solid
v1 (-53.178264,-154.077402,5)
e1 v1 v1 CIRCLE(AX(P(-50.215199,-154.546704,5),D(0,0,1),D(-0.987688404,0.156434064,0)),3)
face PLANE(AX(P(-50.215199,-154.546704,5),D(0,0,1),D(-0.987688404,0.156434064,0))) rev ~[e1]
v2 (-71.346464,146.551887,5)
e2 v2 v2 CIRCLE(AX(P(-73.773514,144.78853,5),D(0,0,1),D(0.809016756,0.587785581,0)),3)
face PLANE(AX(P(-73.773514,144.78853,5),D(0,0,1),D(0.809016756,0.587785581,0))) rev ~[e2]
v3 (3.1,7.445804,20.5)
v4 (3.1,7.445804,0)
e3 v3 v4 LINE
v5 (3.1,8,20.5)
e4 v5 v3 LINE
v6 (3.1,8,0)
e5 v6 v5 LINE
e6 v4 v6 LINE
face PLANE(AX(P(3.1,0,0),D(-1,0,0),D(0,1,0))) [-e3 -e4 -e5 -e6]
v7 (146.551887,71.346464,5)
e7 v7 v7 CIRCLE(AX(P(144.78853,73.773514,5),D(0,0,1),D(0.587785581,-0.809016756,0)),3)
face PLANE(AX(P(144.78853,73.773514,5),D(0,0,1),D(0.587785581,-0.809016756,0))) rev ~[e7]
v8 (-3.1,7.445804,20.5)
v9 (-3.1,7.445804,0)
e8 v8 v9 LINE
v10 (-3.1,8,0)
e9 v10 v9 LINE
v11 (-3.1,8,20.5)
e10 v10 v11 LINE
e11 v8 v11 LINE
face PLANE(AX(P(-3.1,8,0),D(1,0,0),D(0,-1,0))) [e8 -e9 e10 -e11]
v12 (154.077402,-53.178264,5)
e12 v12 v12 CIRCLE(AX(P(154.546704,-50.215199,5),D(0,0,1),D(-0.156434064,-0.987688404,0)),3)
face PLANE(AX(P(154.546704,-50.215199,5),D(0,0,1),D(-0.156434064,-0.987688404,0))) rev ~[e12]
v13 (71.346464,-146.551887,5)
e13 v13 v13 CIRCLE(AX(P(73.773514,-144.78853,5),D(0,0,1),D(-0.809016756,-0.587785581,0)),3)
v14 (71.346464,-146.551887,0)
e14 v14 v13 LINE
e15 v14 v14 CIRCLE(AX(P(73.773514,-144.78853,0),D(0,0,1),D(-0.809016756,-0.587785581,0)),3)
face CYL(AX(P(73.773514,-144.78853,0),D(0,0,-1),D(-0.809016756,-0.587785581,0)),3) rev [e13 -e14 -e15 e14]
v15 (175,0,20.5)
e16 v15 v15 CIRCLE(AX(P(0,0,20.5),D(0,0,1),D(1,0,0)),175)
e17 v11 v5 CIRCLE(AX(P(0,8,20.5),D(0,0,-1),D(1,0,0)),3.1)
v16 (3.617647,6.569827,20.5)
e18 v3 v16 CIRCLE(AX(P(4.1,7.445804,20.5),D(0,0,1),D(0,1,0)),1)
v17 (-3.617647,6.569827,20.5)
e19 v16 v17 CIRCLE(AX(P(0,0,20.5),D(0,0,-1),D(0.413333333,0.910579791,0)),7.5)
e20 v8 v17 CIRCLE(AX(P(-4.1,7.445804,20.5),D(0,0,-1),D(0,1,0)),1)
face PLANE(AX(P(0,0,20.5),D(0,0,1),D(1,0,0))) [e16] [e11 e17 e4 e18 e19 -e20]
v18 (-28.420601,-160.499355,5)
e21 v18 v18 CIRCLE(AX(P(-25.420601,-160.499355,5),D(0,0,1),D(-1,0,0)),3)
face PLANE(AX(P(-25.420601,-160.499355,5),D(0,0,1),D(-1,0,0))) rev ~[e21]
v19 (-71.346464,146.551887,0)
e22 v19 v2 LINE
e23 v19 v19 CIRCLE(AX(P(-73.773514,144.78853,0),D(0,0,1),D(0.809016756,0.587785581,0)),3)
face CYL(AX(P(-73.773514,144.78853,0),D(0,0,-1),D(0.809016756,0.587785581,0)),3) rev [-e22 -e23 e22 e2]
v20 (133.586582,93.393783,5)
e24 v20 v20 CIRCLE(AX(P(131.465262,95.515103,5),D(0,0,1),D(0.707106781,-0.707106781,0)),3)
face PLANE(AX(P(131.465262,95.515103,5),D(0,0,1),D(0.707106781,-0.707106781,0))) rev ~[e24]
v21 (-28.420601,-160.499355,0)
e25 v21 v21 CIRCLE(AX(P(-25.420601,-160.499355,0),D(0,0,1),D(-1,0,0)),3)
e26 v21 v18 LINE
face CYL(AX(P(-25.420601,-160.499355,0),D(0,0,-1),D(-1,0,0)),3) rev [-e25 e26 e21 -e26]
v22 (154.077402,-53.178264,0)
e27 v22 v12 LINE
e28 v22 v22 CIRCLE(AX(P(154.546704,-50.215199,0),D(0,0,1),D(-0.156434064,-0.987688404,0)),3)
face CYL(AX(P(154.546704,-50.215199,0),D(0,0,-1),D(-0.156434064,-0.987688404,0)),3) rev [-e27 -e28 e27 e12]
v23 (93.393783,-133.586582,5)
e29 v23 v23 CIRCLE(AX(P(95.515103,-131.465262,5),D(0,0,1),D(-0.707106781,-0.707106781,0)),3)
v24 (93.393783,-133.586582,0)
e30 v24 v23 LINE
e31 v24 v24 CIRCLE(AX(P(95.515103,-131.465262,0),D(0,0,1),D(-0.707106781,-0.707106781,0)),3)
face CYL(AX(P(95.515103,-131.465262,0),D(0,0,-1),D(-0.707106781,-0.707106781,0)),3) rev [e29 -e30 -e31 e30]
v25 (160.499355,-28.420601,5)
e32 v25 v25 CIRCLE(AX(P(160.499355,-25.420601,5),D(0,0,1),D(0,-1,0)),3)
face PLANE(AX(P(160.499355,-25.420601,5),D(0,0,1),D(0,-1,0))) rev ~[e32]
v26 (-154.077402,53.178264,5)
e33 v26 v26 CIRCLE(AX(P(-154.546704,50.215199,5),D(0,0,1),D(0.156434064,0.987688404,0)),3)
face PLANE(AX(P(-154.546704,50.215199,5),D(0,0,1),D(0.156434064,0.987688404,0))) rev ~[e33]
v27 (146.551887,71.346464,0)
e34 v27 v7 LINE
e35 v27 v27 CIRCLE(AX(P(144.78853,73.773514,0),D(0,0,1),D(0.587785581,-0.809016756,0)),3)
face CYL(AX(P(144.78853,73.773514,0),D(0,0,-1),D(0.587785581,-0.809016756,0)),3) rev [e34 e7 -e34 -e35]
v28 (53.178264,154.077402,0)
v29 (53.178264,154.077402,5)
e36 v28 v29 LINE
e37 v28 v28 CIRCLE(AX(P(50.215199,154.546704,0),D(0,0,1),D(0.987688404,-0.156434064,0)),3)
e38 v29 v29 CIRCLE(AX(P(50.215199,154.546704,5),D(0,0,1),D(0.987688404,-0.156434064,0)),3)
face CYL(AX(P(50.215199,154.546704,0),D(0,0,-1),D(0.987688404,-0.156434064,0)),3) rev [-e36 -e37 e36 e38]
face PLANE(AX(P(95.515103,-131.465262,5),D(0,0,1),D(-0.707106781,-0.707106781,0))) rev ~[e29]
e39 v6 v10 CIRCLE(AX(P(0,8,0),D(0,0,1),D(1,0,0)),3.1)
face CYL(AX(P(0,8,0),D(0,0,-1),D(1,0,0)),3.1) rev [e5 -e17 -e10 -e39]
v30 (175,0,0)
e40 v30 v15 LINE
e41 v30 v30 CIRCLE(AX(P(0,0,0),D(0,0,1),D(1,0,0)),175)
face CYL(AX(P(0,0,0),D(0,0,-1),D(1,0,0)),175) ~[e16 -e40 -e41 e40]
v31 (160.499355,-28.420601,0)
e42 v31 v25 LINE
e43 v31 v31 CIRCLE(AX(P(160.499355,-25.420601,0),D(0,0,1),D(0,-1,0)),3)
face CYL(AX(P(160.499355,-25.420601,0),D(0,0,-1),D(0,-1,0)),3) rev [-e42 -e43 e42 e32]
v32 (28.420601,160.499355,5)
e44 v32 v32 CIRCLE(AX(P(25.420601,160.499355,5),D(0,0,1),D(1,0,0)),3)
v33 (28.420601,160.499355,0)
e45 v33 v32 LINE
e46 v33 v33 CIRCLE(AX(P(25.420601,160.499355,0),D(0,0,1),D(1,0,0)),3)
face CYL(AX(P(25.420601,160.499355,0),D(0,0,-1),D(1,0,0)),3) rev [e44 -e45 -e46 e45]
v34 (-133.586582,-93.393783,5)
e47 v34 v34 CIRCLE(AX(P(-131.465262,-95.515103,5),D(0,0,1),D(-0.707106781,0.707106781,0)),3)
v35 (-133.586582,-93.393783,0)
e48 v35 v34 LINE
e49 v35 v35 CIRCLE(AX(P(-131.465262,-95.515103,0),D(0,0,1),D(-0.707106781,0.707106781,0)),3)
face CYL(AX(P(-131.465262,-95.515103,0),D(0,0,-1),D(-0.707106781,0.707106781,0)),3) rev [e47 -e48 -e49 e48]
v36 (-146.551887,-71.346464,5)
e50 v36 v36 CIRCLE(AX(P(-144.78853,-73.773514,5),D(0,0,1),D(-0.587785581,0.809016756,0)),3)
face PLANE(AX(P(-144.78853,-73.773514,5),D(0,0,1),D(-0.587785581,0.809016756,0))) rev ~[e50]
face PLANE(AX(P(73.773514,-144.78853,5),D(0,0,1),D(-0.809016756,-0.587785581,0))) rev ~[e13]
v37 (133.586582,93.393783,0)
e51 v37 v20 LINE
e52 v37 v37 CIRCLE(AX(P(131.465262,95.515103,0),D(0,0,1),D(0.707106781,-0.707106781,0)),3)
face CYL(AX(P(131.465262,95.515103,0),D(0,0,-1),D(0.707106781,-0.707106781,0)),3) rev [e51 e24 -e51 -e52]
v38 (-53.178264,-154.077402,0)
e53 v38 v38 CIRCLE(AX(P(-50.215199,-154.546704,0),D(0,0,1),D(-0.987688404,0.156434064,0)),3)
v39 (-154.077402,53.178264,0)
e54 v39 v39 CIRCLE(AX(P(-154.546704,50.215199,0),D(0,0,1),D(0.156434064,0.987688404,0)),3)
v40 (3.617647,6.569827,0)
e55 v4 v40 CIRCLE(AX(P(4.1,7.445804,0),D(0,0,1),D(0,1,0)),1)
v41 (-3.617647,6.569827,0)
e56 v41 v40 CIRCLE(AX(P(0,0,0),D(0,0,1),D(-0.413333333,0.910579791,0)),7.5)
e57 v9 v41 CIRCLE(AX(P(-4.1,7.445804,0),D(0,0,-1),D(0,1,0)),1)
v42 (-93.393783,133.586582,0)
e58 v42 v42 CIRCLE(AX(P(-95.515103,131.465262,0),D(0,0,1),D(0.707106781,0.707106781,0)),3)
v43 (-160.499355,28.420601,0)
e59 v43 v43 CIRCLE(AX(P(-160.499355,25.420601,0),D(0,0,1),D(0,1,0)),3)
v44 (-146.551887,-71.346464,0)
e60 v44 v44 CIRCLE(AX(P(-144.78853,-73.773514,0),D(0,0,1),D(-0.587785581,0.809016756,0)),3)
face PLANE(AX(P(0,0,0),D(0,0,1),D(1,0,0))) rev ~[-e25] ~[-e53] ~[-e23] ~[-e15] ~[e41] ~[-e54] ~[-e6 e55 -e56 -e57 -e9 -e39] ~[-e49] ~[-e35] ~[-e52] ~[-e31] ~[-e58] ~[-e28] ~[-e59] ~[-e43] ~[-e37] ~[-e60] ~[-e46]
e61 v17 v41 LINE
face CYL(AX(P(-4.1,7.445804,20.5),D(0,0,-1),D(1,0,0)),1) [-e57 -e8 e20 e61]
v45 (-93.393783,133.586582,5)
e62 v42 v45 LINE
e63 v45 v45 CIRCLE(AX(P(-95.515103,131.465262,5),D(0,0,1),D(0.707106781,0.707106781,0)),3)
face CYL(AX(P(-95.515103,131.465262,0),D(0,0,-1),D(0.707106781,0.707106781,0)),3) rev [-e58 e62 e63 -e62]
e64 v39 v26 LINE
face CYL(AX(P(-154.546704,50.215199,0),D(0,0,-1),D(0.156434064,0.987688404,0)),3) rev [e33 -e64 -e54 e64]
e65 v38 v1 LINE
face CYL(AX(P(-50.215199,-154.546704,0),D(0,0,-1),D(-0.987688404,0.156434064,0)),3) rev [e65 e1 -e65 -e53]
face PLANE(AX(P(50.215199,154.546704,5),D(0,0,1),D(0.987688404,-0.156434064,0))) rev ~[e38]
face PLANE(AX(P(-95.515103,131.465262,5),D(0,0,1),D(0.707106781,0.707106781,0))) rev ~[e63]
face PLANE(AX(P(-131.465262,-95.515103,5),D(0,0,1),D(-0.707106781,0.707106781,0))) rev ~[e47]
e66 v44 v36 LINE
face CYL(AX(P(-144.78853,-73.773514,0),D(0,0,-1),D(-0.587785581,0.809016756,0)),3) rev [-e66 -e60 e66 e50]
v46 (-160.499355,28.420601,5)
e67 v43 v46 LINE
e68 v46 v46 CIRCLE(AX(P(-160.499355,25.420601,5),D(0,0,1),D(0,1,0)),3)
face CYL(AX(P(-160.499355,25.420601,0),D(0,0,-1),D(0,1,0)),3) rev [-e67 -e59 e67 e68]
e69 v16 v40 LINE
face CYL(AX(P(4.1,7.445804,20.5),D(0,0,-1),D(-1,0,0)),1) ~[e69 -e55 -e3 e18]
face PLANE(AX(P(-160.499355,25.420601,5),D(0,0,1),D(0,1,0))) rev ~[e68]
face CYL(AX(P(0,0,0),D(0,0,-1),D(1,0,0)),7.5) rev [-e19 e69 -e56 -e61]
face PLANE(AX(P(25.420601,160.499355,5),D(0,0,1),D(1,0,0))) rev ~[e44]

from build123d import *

# Parameters (mm, degrees)
SKETCH_R                    = 175
SKETCH_R_2                  = 7.5
PAD_DEPTH                   = 20.5
SKETCH009_R                 = 3
POCKET_DEPTH                = 5
SKETCH009_POLARPATTERN_2_R  = 3
POCKET_POLARPATTERN_2_DEPTH = 5
POLARPATTERN001_COUNT       = 8
POCKET001_DEPTH             = 20.501
FILLET001_R                 = 1


with BuildPart() as part:
    # Sketch → Pad (new body)
    with BuildSketch(Plane.XY):
        Circle(SKETCH_R)
        Circle(SKETCH_R_2, mode=Mode.SUBTRACT)
    extrude(amount=PAD_DEPTH)

    # Sketch009 → Pocket (cut)
    with BuildSketch(Plane.XY):
        with Locations((25.420601, 160.499355)):
            Circle(SKETCH009_R)
    pocket = extrude(amount=POCKET_DEPTH, mode=Mode.SUBTRACT)

    # Sketch009 PolarPattern 2 → Pocket PolarPattern 2 (cut)
    with BuildSketch(Plane(origin=(0, 0, 0), x_dir=(0.987688, -0.156434, 0), z_dir=(0, 0, 1))):
        with Locations((25.420601, 160.499355)):
            Circle(SKETCH009_POLARPATTERN_2_R)
    pocket_polarpattern_2 = extrude(amount=POCKET_POLARPATTERN_2_DEPTH, mode=Mode.SUBTRACT)

    # PolarPattern001: Pocket, Pocket PolarPattern 2 ×8 about axis
    polarpattern001_axis = Axis((0, 0, 0), (0, 0, 1))
    for i in range(1, POLARPATTERN001_COUNT):
        add(pocket.rotate(polarpattern001_axis, i * 360 / POLARPATTERN001_COUNT), mode=Mode.SUBTRACT)
        add(pocket_polarpattern_2.rotate(polarpattern001_axis, i * 360 / POLARPATTERN001_COUNT), mode=Mode.SUBTRACT)

    # Sketch010 → Pocket001 (cut, through all)
    with BuildSketch(Plane.XY):
        with BuildLine():
            ThreePointArc((-3.1, 0), (0, -3.1), (3.1, 0))
            Line((3.1, 0), (3.1, 8))
            ThreePointArc((3.1, 8), (0, 11.1), (-3.1, 8))
            Line((-3.1, 8), (-3.1, 0))
        make_face()
    extrude(amount=POCKET001_DEPTH, mode=Mode.SUBTRACT)

    # Fillet001
    fillet001_edges = [part.edges().sort_by_distance(p)[0] for p in [
        (-3.1, 6.829348, 10.25),
        (3.1, 6.829348, 10.25),
    ]]
    fillet(fillet001_edges, radius=FILLET001_R)


solid = part.part
